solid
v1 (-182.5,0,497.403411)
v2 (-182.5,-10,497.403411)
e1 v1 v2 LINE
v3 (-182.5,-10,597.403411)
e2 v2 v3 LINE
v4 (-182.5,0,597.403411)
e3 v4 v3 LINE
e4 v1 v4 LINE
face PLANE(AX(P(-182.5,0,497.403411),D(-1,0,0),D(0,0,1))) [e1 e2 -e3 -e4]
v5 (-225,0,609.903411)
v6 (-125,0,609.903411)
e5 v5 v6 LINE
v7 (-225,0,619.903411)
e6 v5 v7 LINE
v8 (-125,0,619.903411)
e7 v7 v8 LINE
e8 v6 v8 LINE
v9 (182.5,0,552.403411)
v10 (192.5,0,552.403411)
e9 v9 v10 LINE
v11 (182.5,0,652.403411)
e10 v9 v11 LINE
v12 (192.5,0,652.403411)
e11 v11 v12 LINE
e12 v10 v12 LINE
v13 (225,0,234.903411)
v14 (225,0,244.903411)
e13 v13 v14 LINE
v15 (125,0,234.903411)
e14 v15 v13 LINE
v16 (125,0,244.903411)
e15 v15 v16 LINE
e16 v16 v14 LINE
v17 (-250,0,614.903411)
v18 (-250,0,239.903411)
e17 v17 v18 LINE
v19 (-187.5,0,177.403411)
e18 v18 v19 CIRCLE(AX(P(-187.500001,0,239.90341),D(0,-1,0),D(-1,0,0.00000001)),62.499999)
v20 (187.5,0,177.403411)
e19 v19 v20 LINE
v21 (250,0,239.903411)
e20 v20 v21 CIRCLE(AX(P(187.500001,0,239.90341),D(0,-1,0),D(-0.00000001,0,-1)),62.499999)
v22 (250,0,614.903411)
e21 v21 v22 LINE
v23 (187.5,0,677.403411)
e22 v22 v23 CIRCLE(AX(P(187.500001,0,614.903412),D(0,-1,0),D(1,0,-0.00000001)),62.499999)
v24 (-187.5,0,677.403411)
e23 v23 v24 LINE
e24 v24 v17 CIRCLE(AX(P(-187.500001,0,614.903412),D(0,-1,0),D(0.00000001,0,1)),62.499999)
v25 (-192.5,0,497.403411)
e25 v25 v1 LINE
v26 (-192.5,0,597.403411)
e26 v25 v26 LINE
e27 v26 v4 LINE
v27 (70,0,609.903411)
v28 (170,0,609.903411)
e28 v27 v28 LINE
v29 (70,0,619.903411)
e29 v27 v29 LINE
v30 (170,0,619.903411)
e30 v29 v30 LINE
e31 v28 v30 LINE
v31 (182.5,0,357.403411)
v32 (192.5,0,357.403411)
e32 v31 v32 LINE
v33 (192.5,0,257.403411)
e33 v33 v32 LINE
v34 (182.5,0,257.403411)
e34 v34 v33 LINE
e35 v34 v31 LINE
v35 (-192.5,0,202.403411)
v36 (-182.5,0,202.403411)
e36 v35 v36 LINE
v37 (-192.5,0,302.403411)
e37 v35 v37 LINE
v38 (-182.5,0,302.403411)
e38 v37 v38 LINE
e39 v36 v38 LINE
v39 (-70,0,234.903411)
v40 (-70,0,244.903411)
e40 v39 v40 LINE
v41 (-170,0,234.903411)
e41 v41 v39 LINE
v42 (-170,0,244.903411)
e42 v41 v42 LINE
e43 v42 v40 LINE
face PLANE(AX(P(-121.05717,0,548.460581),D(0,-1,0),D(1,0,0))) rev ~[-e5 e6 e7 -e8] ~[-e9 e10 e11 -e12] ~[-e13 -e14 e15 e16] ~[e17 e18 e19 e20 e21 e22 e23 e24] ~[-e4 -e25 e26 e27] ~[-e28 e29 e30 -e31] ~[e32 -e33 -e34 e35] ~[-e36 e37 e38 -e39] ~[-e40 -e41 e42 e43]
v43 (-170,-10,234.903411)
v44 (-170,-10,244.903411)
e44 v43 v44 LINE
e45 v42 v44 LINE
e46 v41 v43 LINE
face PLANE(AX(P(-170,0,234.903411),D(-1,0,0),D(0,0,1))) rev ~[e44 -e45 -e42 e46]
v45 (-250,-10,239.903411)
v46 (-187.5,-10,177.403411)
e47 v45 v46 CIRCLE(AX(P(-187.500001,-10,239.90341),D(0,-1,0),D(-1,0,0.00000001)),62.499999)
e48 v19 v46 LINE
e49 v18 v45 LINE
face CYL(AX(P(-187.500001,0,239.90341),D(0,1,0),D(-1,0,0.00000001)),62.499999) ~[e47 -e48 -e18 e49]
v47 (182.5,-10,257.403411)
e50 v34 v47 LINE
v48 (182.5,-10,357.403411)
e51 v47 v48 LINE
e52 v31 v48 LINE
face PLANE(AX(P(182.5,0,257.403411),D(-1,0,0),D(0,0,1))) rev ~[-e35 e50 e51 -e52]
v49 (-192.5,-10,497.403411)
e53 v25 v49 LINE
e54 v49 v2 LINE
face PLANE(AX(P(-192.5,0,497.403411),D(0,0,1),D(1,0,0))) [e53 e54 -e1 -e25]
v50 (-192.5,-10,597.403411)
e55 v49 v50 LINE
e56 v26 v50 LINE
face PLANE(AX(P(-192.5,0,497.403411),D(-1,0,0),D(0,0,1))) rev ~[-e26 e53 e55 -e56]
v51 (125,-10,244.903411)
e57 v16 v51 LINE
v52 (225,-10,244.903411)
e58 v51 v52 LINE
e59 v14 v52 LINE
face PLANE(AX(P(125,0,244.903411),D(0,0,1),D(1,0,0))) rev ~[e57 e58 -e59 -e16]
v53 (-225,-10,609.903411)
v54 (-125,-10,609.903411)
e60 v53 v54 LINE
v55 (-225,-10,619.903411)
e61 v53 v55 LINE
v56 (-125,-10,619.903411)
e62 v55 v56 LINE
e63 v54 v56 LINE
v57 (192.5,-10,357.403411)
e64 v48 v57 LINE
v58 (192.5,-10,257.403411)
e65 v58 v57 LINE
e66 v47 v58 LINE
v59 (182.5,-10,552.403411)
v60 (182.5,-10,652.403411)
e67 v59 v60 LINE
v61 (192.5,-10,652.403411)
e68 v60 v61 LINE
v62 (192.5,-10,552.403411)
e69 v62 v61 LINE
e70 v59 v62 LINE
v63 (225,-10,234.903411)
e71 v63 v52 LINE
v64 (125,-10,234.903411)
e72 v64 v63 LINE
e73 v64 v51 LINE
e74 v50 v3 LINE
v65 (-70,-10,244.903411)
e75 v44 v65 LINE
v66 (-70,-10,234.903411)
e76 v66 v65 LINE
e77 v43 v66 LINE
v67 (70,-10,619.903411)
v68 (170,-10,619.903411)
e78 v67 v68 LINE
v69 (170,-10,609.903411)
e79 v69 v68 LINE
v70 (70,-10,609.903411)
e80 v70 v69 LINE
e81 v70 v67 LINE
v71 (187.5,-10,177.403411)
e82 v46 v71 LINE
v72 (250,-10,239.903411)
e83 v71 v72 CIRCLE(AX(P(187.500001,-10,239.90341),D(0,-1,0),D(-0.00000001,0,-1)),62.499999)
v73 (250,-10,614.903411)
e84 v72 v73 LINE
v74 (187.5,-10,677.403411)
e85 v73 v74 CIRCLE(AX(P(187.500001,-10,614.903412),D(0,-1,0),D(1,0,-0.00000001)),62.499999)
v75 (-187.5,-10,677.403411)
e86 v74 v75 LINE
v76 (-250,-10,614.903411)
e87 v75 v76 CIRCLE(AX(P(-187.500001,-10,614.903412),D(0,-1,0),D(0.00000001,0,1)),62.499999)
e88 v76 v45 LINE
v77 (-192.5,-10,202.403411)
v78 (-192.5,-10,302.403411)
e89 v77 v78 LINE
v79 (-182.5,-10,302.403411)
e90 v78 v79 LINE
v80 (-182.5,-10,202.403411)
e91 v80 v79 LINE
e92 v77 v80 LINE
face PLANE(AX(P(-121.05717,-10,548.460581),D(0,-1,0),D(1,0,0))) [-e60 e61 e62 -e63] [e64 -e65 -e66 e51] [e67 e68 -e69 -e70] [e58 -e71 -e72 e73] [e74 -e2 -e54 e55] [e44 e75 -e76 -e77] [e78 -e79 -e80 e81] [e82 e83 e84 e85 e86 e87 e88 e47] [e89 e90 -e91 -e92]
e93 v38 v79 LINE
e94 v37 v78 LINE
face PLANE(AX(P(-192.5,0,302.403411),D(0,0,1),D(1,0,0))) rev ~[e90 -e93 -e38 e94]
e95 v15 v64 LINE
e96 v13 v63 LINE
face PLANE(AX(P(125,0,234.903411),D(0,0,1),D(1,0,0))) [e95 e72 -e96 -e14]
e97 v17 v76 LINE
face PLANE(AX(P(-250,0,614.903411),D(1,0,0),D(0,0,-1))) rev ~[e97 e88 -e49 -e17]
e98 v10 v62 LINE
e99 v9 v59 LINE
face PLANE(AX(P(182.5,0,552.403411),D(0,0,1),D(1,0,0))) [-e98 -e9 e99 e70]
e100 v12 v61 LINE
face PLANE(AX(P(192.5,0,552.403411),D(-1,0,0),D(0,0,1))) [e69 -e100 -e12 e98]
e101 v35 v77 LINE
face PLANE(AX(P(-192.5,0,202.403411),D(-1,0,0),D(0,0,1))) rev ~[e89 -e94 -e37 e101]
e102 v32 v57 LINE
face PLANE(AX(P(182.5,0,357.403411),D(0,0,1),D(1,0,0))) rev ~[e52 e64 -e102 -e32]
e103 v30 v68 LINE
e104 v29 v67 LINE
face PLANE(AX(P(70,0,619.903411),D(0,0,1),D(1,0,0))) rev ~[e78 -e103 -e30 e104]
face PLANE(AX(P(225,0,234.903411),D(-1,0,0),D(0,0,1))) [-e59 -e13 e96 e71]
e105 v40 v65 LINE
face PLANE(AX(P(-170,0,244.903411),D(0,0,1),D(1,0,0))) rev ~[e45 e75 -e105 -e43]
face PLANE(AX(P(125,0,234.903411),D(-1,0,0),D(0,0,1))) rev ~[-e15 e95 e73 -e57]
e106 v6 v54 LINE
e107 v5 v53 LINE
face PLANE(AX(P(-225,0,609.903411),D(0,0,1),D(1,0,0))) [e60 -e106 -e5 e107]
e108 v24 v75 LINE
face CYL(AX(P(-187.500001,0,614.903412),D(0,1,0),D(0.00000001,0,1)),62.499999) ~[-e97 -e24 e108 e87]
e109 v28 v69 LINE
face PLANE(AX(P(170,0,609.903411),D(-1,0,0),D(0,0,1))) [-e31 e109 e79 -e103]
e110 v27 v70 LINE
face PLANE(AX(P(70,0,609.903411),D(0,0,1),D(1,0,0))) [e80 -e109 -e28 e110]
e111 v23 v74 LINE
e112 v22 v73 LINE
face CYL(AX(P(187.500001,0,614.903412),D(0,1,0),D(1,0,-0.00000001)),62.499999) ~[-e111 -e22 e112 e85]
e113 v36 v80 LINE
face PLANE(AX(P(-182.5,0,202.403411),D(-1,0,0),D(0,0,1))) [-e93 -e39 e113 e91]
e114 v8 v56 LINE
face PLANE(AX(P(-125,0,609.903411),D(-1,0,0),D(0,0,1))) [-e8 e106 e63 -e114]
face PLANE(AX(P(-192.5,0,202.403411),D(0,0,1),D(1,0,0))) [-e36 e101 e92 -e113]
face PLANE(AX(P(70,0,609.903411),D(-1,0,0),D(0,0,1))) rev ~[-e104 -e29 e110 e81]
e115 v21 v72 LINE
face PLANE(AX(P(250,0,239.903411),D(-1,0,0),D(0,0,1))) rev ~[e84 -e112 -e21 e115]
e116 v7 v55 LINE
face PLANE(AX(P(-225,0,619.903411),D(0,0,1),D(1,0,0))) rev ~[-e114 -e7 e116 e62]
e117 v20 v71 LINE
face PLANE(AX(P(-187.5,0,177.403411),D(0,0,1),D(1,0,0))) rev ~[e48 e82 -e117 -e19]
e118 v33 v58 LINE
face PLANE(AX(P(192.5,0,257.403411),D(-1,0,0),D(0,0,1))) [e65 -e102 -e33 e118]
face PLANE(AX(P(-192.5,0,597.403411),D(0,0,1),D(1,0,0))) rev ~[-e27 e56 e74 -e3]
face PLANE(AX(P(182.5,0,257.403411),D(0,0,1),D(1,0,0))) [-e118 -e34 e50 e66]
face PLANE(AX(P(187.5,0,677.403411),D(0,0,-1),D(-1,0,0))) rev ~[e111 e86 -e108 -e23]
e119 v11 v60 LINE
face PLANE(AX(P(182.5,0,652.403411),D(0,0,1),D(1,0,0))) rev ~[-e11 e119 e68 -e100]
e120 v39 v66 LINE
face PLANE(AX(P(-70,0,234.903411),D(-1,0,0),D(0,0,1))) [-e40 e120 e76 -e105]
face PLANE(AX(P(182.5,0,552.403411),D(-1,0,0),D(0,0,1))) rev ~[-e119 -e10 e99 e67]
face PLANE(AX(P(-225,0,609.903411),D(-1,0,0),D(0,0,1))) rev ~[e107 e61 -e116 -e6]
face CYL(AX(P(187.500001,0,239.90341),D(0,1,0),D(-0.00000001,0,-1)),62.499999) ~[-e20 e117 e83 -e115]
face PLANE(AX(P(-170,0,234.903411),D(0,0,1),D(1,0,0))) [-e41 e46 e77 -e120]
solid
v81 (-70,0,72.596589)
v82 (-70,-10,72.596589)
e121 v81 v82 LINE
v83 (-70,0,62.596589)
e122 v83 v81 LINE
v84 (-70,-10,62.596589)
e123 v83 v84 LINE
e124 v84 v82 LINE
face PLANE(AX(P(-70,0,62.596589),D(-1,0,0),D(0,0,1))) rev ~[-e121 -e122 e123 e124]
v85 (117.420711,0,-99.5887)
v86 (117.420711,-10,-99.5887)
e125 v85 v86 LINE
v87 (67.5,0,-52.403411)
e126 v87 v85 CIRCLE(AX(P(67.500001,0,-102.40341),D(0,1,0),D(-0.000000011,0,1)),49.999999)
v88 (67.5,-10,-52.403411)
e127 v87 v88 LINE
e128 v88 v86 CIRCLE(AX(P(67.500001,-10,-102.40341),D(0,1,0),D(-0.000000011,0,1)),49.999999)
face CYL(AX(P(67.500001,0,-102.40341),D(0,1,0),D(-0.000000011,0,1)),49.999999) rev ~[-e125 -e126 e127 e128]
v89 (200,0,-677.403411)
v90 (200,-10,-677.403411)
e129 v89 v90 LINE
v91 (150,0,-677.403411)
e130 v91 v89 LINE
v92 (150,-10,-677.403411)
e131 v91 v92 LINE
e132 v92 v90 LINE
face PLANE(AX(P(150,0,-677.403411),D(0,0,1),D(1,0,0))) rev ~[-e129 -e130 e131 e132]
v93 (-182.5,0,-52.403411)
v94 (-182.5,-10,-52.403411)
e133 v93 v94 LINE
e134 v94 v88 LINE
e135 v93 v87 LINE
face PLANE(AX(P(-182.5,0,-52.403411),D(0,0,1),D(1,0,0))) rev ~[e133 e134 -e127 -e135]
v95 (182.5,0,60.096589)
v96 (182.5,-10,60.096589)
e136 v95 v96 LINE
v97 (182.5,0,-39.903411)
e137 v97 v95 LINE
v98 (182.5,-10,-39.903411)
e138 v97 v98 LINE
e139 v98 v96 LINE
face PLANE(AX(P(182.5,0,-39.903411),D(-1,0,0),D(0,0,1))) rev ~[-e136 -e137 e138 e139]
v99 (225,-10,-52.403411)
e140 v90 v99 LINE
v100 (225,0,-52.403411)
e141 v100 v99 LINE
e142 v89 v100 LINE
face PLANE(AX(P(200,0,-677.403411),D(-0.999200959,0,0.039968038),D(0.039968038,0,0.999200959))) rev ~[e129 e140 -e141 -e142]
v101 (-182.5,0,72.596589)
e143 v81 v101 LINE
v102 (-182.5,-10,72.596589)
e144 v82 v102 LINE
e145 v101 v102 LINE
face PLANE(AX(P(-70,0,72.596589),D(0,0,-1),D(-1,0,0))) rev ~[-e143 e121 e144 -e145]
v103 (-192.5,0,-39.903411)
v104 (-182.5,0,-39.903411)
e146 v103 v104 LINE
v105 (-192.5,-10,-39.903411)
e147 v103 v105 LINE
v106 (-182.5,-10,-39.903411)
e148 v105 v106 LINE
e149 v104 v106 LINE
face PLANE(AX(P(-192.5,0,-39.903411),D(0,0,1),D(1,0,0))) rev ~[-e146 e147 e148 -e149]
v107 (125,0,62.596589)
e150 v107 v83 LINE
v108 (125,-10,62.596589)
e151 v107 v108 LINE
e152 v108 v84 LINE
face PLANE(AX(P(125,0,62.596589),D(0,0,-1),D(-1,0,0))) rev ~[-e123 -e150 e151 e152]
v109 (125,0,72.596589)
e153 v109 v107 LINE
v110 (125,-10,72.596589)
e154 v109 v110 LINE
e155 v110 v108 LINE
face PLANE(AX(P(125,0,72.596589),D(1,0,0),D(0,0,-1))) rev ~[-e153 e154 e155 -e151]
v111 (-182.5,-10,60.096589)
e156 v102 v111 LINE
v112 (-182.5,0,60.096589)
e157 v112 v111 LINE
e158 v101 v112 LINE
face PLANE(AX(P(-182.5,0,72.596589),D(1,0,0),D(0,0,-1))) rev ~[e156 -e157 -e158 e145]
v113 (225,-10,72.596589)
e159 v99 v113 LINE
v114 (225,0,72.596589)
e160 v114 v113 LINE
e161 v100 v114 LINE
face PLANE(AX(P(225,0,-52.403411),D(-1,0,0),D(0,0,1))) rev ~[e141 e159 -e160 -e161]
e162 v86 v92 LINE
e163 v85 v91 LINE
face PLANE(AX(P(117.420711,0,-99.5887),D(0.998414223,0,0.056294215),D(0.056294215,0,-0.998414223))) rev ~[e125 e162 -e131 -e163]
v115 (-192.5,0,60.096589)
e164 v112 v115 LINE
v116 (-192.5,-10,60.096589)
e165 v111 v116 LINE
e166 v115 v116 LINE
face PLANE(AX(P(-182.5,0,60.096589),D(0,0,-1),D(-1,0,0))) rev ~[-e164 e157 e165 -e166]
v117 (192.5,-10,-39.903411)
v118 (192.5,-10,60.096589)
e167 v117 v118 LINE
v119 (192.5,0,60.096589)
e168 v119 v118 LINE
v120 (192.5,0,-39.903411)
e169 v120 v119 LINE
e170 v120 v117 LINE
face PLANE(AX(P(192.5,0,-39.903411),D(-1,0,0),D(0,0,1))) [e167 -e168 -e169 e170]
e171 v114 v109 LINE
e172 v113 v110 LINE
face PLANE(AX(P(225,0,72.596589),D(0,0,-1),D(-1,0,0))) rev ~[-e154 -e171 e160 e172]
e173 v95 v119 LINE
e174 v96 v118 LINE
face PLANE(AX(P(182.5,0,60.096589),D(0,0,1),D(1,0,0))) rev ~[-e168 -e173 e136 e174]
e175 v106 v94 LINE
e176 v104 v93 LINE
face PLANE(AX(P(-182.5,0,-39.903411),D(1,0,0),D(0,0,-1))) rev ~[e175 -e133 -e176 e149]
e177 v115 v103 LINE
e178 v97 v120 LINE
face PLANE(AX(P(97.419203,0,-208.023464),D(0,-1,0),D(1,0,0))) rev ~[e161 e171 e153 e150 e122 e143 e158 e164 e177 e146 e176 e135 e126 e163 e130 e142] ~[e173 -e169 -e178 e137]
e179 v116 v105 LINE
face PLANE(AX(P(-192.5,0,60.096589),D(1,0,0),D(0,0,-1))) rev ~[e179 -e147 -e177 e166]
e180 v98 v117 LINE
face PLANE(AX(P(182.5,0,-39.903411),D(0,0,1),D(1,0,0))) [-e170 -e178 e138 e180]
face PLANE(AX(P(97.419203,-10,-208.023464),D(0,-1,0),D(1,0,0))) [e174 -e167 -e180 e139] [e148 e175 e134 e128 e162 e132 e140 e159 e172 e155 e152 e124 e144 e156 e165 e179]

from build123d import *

# Parameters (mm, degrees)
F0_W     = 10
F0_H     = 100
F0_W_2   = 100
F0_H_2   = 10
F1_DEPTH = 10


with BuildPart() as f1:
    # F0 (on Front) → F1 (new body)
    with BuildSketch(Plane.XZ):
        with BuildLine():
            Line((0, 677.403411), (-187.5, 677.403411))
            ThreePointArc((-187.5, 677.403411), (-231.694174, 659.097585), (-250, 614.903411))
            Line((-250, 614.903411), (-250, 427.403411))
            Line((-250, 427.403411), (0, 427.403411))
            Line((0, 427.403411), (0, 677.403411))
        make_face()
        with Locations((-187.5, 547.403411)):
            Rectangle(F0_W, F0_H, mode=Mode.SUBTRACT)
        with Locations((-175, 614.903411)):
            Rectangle(F0_W_2, F0_H_2, mode=Mode.SUBTRACT)
        with BuildLine():
            Line((187.5, 677.403411), (0, 677.403411))
            Line((0, 677.403411), (0, 427.403411))
            Line((0, 427.403411), (250, 427.403411))
            Line((250, 427.403411), (250, 614.903411))
            ThreePointArc((250, 614.903411), (231.694174, 659.097585), (187.5, 677.403411))
        make_face()
        with Locations((120, 614.903411)):
            Rectangle(F0_W_2, F0_H_2, mode=Mode.SUBTRACT)
        with Locations((187.5, 602.403411)):
            Rectangle(F0_W, F0_H, mode=Mode.SUBTRACT)
        with BuildLine():
            Line((0, 177.403411), (0, 427.403411))
            Line((0, 427.403411), (-250, 427.403411))
            Line((-250, 427.403411), (-250, 239.903411))
            ThreePointArc((-250, 239.903411), (-231.694174, 195.709237), (-187.5, 177.403411))
            Line((-187.5, 177.403411), (0, 177.403411))
        make_face()
        with Locations((-187.5, 252.403411)):
            Rectangle(F0_W, F0_H, mode=Mode.SUBTRACT)
        with Locations((-120, 239.903411)):
            Rectangle(F0_W_2, F0_H_2, mode=Mode.SUBTRACT)
        with BuildLine():
            Line((250, 427.403411), (0, 427.403411))
            Line((0, 427.403411), (0, 177.403411))
            Line((0, 177.403411), (187.5, 177.403411))
            ThreePointArc((187.5, 177.403411), (231.694174, 195.709237), (250, 239.903411))
            Line((250, 239.903411), (250, 427.403411))
        make_face()
        with Locations((175, 239.903411)):
            Rectangle(F0_W_2, F0_H_2, mode=Mode.SUBTRACT)
        with Locations((187.5, 307.403411)):
            Rectangle(F0_W, F0_H, mode=Mode.SUBTRACT)
        with BuildLine():
            Line((125, 72.596589), (125, 62.596589))
            Line((125, 62.596589), (-70, 62.596589))
            Line((-70, 62.596589), (-70, 72.596589))
            Line((-70, 72.596589), (-182.5, 72.596589))
            Line((-182.5, 72.596589), (-182.5, 60.096589))
            Line((-182.5, 60.096589), (-192.5, 60.096589))
            Line((-192.5, 60.096589), (-192.5, -39.903411))
            Line((-192.5, -39.903411), (-182.5, -39.903411))
            Line((-182.5, -39.903411), (-182.5, -52.403411))
            Line((-182.5, -52.403411), (67.5, -52.403411))
            ThreePointArc((67.5, -52.403411), (101.845775, -66.066546), (117.420711, -99.5887))
            Line((117.420711, -99.5887), (150, -677.403411))
            Line((150, -677.403411), (200, -677.403411))
            Line((200, -677.403411), (225, -52.403411))
            Line((225, -52.403411), (225, 72.596589))
            Line((225, 72.596589), (125, 72.596589))
        make_face()
        with Locations((187.5, 10.096589)):
            Rectangle(F0_W, F0_H, mode=Mode.SUBTRACT)
    extrude(amount=F1_DEPTH)


solid = f1.part
